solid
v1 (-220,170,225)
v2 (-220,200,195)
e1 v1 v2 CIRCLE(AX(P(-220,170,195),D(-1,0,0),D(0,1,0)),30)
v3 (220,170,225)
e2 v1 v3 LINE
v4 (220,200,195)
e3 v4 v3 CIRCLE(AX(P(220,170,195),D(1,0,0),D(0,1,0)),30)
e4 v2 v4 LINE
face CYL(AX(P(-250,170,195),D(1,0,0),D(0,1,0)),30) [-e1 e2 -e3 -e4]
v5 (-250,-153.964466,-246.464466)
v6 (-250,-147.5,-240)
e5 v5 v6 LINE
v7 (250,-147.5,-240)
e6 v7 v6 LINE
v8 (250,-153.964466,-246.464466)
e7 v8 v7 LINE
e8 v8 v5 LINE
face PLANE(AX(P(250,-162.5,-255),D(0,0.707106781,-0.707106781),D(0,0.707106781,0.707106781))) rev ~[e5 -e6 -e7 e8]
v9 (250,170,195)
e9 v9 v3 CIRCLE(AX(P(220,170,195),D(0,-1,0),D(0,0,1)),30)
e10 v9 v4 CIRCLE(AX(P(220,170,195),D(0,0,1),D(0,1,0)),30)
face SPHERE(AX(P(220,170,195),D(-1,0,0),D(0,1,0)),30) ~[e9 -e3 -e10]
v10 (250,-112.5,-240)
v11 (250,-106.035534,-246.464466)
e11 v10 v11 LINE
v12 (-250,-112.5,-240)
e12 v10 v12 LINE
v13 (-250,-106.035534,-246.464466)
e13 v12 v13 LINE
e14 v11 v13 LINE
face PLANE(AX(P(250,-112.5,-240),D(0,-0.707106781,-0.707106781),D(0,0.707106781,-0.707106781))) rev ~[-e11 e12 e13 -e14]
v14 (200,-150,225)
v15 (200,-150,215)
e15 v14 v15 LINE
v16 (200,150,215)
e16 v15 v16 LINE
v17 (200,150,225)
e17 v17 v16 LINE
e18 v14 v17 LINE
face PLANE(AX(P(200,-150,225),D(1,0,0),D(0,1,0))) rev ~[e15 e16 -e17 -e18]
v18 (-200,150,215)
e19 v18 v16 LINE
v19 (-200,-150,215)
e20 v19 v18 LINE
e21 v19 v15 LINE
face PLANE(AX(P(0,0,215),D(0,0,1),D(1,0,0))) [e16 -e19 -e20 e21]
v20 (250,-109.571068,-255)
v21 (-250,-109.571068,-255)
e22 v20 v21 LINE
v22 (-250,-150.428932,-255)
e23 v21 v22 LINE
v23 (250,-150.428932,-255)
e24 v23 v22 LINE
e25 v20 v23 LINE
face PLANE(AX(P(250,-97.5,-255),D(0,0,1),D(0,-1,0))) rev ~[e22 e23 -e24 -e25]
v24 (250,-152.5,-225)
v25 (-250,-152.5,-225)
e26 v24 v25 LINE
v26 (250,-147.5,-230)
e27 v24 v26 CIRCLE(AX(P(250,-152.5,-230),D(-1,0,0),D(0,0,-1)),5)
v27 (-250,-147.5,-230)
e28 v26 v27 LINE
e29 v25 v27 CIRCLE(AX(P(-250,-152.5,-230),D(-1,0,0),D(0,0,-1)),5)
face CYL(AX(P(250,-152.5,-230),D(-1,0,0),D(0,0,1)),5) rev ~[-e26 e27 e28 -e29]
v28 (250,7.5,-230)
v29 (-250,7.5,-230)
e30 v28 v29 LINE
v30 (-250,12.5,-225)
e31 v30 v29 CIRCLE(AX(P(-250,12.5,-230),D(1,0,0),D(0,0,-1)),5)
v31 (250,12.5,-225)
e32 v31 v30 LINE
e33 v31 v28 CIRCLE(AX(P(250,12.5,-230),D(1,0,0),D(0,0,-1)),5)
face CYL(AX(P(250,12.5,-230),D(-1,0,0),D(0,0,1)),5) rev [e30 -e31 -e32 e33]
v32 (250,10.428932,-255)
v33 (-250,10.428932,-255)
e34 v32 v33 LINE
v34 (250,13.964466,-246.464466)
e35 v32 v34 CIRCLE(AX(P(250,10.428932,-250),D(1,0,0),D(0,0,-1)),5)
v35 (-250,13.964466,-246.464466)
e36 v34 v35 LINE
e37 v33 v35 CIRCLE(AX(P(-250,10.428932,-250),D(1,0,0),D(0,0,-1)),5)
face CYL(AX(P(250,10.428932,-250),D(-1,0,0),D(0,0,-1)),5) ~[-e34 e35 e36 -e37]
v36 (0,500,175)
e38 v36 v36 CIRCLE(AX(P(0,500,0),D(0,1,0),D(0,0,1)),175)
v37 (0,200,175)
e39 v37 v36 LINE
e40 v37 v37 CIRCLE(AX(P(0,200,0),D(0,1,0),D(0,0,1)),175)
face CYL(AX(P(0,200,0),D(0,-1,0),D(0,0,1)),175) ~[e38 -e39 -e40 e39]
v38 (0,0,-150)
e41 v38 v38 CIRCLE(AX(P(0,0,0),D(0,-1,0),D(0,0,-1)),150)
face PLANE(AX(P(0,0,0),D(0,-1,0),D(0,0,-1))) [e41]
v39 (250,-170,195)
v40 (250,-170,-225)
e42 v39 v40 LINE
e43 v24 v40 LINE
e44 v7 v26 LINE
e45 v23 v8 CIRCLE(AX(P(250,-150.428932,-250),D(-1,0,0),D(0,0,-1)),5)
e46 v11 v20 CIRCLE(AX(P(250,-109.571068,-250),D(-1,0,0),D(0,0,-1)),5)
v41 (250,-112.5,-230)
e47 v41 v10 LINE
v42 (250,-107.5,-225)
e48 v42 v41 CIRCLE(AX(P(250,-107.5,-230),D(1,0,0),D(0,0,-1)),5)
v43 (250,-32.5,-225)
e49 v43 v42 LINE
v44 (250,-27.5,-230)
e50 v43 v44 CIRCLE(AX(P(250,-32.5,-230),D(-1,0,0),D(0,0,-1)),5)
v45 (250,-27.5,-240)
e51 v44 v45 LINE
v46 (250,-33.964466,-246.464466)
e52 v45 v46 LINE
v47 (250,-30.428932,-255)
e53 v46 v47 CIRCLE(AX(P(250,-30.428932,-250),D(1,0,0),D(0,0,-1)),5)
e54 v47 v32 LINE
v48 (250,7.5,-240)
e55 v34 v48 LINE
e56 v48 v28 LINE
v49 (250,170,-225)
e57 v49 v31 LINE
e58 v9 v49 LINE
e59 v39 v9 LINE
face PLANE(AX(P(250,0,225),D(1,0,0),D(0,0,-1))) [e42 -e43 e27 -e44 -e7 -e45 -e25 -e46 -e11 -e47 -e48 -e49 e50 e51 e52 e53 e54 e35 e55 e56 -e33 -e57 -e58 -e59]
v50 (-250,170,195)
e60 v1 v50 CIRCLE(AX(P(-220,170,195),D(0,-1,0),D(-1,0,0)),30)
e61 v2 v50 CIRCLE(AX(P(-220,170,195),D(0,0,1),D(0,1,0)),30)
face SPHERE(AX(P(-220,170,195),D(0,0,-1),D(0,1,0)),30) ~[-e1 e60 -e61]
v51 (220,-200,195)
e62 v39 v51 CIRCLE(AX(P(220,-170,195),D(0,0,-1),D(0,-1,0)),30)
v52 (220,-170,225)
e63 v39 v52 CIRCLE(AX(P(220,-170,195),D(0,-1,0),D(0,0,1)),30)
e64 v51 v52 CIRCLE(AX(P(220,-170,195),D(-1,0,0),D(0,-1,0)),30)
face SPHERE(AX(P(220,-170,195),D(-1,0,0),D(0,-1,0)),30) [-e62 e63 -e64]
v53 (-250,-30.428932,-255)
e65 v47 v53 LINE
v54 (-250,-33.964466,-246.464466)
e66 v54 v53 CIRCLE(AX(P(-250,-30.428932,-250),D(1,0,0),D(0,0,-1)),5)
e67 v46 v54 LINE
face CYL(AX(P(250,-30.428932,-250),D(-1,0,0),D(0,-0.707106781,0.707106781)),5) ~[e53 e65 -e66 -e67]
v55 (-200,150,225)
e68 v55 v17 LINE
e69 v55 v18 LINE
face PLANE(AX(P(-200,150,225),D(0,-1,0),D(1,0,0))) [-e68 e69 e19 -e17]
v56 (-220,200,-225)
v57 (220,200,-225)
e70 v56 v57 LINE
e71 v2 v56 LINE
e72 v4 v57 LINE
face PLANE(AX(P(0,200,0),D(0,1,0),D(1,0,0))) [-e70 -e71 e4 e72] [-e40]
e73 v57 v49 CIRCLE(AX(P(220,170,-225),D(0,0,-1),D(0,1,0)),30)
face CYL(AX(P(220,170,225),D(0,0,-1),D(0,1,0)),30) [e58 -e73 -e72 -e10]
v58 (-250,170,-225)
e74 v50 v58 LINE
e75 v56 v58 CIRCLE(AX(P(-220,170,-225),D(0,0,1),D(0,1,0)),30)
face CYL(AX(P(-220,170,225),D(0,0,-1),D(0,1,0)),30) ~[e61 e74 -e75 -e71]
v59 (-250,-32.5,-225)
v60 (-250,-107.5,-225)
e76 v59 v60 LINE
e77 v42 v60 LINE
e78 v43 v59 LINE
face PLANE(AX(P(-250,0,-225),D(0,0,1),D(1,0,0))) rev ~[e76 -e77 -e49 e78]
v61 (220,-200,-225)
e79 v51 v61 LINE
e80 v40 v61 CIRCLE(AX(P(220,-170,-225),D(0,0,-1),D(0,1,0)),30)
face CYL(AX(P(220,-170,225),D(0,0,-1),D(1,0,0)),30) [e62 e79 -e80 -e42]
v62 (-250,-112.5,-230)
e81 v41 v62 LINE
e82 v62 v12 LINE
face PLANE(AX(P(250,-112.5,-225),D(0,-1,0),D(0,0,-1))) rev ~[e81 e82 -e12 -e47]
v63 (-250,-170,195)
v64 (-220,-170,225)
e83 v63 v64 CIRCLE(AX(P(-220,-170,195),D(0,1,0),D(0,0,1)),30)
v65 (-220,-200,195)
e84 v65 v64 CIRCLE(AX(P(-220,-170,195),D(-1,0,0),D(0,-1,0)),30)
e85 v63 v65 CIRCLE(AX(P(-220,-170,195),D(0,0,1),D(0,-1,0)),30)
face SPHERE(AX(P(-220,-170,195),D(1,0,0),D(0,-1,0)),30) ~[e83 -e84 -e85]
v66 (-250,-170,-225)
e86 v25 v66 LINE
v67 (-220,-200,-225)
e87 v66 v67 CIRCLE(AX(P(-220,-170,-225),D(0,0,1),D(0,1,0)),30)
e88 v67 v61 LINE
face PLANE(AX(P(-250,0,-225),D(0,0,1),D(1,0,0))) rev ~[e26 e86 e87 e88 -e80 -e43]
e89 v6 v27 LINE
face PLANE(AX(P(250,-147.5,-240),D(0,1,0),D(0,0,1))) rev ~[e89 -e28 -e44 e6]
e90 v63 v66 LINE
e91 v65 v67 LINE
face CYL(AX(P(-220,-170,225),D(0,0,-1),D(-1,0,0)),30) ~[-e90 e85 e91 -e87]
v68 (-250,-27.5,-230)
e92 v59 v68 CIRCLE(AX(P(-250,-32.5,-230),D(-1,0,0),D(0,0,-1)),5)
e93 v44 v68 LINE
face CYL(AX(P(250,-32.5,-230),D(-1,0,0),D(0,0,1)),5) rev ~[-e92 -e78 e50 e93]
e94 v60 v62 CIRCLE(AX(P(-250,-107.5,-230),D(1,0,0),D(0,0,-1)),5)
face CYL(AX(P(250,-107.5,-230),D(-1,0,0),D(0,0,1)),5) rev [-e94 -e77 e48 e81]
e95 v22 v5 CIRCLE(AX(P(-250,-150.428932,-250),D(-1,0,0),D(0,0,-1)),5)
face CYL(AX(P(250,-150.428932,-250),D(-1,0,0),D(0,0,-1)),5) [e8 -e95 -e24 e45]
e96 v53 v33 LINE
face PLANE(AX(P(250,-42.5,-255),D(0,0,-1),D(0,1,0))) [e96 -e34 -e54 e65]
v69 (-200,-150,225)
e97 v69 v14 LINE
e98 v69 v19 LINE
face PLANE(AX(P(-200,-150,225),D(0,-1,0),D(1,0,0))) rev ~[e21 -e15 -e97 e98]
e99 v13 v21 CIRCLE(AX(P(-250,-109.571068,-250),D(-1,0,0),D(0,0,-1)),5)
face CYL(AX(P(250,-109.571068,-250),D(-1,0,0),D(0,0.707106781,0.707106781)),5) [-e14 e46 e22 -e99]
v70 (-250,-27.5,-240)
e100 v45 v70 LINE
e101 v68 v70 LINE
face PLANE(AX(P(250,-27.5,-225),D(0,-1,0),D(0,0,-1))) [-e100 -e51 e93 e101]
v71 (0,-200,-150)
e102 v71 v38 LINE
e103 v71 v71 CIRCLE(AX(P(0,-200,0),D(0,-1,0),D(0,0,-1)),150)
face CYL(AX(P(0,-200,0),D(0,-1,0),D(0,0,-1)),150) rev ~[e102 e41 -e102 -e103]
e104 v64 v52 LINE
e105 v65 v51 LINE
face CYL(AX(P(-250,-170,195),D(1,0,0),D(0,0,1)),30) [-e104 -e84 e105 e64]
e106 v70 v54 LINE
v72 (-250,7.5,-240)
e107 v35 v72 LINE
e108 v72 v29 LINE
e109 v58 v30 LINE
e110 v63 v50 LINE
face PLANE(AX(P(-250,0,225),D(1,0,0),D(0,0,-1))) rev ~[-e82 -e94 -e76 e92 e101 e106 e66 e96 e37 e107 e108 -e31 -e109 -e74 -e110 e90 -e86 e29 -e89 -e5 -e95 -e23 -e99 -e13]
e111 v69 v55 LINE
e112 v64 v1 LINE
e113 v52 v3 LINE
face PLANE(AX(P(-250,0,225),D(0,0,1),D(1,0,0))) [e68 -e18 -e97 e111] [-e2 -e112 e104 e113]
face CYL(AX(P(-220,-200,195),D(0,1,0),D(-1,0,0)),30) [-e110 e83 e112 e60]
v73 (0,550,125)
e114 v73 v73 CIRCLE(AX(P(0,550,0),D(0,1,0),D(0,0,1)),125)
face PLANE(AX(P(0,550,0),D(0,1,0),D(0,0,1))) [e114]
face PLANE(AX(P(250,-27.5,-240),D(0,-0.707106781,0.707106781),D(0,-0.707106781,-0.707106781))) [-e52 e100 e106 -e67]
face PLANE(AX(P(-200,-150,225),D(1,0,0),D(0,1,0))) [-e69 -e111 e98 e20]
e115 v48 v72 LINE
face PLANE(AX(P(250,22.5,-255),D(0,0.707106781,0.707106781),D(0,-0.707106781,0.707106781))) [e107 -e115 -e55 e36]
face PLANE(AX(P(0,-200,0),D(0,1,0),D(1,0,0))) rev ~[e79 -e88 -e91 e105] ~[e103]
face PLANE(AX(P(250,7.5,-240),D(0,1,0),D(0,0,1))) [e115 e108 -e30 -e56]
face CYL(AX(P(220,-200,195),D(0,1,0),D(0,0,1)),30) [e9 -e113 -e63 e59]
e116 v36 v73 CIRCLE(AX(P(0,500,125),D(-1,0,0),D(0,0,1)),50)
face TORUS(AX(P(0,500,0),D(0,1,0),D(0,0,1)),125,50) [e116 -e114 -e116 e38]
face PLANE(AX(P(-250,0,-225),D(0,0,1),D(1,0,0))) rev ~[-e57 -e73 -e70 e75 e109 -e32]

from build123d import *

# Parameters (mm, degrees)
SKETCH1_W           = 500
SKETCH1_H           = 450
BOSS_EXTRUDE1_DEPTH = 200
BOSS_EXTRUDE2_DEPTH = 500
FILLET1_R           = 5
SKETCH3_R           = 150
CUT_EXTRUDE1_DEPTH  = 200
SKETCH4_R           = 175
BOSS_EXTRUDE3_DEPTH = 350
FILLET2_R           = 50
FILLET3_R           = 30
SKETCH5_W           = 400
SKETCH5_H           = 300
CUT_EXTRUDE2_DEPTH  = 10


with BuildPart() as part:
    # Sketch1 → Boss-Extrude1 (new, symmetric)
    with BuildSketch(Plane(origin=(0, 0, 0), x_dir=(1, 0, 0), z_dir=(0, 1, 0))):
        Rectangle(SKETCH1_W, SKETCH1_H)
    extrude(amount=BOSS_EXTRUDE1_DEPTH, both=True)

    # Sketch2 → Boss-Extrude2 (add)
    with BuildSketch(Plane(origin=(250, 0, 0), x_dir=(0, 0, -1), z_dir=(1, 0, 0))):
        Polygon((240, -27.5), (255, -42.5), (255, 22.5), (240, 7.5), (225, 7.5), (225, -27.5), align=None)
        Polygon((225, -147.5), (225, -112.5), (240, -112.5), (255, -97.5), (255, -162.5), (240, -147.5), align=None)
    extrude(amount=-BOSS_EXTRUDE2_DEPTH)

    # Fillet1
    fillet1_edges = [part.edges().sort_by_distance(p)[0] for p in [
        (0, -147.5, -225),
        (0, -112.5, -225),
        (0, -97.5, -255),
        (0, -162.5, -255),
        (0, -27.5, -225),
        (0, 7.5, -225),
        (0, 22.5, -255),
        (0, -42.5, -255),
    ]]
    fillet(fillet1_edges, radius=FILLET1_R)

    # Sketch3 → Cut-Extrude1 (cut)
    with BuildSketch(Plane.XZ.offset(200)):
        with Locations(Location((0, 0, 0), (0, 0, 270))):
            Circle(SKETCH3_R)
    extrude(amount=-CUT_EXTRUDE1_DEPTH, mode=Mode.SUBTRACT)

    # Sketch4 → Boss-Extrude3 (add)
    with BuildSketch(Plane(origin=(0, 200, 0), x_dir=(1, 0, 0), z_dir=(0, 1, 0))):
        with Locations(Location((0, 0, 0), (0, 0, 270))):
            Circle(SKETCH4_R)
    extrude(amount=BOSS_EXTRUDE3_DEPTH)

    # Fillet2
    fillet2_edges = [part.edges().sort_by_distance(p)[0] for p in [
        (0, 550, -175),
    ]]
    fillet(fillet2_edges, radius=FILLET2_R)

    # Fillet3
    fillet3_edges = [part.edges().sort_by_distance(p)[0] for p in [
        (-250, 200, 0),
        (0, 200, 225),
        (250, 200, 0),
        (0, -200, 225),
        (-250, -200, 0),
        (250, -200, 0),
        (250, 0, 225),
        (-250, 0, 225),
    ]]
    fillet(fillet3_edges, radius=FILLET3_R)

    # Sketch5 → Cut-Extrude2 (cut)
    with BuildSketch(Plane.XY.offset(225)):
        Rectangle(SKETCH5_W, SKETCH5_H)
    extrude(amount=-CUT_EXTRUDE2_DEPTH, mode=Mode.SUBTRACT)


solid = part.part
